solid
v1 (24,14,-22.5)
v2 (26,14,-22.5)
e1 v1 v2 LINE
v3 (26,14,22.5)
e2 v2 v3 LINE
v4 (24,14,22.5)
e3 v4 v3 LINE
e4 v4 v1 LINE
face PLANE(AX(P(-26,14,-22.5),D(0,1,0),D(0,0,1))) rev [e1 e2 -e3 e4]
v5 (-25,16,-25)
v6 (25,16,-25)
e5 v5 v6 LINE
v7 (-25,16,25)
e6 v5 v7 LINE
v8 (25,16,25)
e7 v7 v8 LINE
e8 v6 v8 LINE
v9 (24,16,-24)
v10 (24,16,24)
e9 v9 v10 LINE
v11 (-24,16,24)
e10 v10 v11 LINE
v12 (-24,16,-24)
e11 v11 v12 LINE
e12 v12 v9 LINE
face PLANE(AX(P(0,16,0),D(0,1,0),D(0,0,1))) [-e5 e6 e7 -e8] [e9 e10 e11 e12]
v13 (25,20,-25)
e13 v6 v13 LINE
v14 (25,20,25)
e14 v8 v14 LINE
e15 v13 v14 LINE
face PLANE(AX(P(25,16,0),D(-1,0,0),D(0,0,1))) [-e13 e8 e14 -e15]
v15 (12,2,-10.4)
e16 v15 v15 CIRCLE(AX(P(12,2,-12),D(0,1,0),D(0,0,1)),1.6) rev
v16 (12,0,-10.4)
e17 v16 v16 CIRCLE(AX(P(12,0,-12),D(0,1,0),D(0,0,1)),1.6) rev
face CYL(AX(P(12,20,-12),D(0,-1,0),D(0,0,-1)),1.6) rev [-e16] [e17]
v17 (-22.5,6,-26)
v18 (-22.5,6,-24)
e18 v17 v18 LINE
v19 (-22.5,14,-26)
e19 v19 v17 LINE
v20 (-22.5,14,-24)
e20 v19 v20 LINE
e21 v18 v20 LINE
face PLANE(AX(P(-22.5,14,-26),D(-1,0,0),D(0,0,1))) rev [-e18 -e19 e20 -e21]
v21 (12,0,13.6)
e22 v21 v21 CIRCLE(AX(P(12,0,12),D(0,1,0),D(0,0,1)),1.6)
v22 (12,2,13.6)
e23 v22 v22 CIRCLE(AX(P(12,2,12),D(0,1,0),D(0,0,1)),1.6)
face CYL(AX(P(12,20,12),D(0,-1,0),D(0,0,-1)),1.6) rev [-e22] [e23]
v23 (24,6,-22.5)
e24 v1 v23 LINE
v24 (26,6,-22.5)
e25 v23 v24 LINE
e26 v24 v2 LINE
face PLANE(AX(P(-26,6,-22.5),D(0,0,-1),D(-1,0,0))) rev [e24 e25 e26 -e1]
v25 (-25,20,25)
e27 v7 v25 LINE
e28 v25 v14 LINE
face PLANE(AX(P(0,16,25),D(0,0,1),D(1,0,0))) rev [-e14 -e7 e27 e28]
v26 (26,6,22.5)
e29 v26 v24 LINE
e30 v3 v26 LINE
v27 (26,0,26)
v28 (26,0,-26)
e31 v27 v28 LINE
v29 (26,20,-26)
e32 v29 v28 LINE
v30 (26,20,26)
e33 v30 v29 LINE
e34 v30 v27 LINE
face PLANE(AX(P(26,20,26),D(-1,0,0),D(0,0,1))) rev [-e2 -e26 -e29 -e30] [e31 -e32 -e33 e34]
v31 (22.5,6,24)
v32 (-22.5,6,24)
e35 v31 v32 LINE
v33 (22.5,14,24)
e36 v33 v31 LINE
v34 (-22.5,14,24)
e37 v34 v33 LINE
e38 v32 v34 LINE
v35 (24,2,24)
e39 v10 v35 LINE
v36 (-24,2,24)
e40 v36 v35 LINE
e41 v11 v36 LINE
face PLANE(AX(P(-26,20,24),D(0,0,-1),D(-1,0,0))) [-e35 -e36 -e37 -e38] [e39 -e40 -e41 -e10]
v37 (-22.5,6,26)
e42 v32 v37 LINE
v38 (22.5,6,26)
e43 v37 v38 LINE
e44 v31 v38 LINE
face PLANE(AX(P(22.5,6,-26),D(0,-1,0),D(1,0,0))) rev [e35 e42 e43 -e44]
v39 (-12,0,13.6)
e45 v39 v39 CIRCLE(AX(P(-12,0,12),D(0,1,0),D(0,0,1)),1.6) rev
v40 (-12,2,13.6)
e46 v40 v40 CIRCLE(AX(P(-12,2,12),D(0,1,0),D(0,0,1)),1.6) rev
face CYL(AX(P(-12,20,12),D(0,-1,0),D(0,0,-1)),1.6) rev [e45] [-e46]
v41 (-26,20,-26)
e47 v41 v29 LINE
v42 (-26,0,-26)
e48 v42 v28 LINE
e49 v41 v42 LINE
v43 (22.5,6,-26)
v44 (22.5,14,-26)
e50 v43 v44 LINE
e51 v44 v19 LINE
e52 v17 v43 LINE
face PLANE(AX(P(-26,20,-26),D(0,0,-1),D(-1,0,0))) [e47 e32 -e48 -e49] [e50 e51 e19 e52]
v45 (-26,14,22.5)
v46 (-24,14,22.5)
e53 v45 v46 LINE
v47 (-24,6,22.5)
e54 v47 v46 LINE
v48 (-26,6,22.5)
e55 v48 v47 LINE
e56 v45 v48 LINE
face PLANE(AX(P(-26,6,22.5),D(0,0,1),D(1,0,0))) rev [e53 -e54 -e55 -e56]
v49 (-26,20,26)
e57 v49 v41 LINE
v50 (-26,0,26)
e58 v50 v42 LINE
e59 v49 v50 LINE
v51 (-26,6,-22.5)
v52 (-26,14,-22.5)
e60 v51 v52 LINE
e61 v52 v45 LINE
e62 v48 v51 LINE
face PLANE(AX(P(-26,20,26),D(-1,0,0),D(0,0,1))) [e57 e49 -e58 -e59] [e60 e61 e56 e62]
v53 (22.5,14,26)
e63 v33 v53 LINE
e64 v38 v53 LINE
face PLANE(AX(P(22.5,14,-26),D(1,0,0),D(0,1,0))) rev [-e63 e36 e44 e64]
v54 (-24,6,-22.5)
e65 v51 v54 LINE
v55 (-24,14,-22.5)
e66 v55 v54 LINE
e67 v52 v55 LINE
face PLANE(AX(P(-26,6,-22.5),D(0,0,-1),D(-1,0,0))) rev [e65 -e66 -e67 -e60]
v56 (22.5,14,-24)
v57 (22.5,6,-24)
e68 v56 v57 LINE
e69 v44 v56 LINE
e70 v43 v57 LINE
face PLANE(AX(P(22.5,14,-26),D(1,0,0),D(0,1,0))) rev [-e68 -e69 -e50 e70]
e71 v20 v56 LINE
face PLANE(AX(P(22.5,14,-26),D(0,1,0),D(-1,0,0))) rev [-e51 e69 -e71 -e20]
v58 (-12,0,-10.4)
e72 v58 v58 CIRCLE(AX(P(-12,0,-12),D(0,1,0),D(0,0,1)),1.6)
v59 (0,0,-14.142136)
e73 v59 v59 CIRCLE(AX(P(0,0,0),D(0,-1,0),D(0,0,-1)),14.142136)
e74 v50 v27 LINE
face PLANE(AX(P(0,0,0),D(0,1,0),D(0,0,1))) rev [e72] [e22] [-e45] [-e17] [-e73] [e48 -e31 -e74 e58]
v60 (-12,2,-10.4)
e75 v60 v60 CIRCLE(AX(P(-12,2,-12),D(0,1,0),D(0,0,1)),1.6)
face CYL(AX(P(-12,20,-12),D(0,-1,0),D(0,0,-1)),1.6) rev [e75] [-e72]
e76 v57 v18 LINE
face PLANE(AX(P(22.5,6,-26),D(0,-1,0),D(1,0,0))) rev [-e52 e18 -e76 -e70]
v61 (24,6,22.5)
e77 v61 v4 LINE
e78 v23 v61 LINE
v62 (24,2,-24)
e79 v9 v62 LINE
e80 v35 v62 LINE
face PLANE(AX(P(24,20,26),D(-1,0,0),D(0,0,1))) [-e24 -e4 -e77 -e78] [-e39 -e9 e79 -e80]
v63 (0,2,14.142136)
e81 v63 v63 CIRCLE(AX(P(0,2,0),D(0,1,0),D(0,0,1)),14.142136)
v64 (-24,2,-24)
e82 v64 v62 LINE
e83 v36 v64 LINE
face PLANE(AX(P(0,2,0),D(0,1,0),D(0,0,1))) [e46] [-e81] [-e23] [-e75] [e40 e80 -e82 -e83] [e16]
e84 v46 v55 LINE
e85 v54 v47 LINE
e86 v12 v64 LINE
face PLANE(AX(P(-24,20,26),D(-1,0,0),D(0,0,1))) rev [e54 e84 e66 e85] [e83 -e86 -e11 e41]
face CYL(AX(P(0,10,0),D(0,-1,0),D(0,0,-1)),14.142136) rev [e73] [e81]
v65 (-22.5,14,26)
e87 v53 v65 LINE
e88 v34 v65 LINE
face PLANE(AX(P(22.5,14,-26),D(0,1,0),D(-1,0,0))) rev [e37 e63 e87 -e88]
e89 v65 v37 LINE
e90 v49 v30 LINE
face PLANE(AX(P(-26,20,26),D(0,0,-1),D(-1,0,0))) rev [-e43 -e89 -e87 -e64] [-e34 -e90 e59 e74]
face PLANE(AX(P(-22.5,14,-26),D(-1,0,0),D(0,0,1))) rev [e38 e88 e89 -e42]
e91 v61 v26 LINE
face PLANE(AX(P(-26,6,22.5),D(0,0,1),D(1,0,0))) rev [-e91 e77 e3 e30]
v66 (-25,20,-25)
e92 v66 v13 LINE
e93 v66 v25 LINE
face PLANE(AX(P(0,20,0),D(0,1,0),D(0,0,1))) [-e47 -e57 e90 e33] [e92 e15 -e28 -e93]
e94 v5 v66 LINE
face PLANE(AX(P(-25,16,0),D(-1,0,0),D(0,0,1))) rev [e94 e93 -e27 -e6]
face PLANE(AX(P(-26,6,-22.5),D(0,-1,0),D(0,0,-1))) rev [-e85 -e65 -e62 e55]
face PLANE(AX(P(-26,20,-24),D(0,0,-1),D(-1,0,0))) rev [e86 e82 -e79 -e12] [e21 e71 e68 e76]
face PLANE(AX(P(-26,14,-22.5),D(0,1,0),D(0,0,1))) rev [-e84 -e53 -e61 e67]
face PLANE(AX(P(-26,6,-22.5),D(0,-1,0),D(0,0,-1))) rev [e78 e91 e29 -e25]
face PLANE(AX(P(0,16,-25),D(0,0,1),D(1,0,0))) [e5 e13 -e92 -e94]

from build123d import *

# Parameters (mm, degrees)
SKETCH_1_W               = 52
SKETCH_1_H               = 52
SKETCH_1_R               = 1.6
SKETCH_1_W_2             = 20
SKETCH_1_H_2             = 20
EXTRUDE_5_DEPTH          = 20
SHELL_6_T                = -2
SKETCH_4_W               = 50
SKETCH_4_H               = 50
SKETCH_4_W_2             = 48
SKETCH_4_H_2             = 48
CUT_EXTRUDE_4_DEPTH      = 4
CUT_EXTRUDE_5_DEPTH      = 60.799665551
CUT_EXTRUDE_5_DEPTH_BACK = 60.799665551
SKETCH_5_W               = 45
SKETCH_5_H               = 8
CUT_EXTRUDE_6_DEPTH      = 60.799665551
CUT_EXTRUDE_6_DEPTH_BACK = 60.799665551
SKETCH_6_W               = 45
SKETCH_6_H               = 8
SKETCH_7_R               = 14.142135624
CUT_EXTRUDE_7_DEPTH      = 10


with BuildPart() as part:
    # 草图1 → 凸台-拉伸5 (new body)
    with BuildSketch(Plane(origin=(0, 0, 0), x_dir=(1, 0, 0), z_dir=(0, 1, 0))):
        Rectangle(SKETCH_1_W, SKETCH_1_H)
        with Locations(Location((-12, 12, 0), (0, 0, 270))):
            Circle(SKETCH_1_R, mode=Mode.SUBTRACT)
        with Locations(Location((12, 12, 0), (0, 0, 270))):
            Circle(SKETCH_1_R, mode=Mode.SUBTRACT)
        with Locations(Location((12, -12, 0), (0, 0, 270))):
            Circle(SKETCH_1_R, mode=Mode.SUBTRACT)
        with Locations(Location((-12, -12, 0), (0, 0, 270))):
            Circle(SKETCH_1_R, mode=Mode.SUBTRACT)
        Rectangle(SKETCH_1_W_2, SKETCH_1_H_2, mode=Mode.SUBTRACT)
    extrude(amount=EXTRUDE_5_DEPTH)

    # 抽壳6
    shell_6_openings = [part.faces().sort_by_distance(p)[0] for p in [
        (-12, 10, 10.4),
        (-10, 10, 0),
        (0, 10, 10),
        (10, 10, 0),
        (0, 10, -10),
        (12, 10, -13.6),
        (-12, 10, -13.6),
        (0, 20, -25.264608948),
        (12, 10, 10.4),
    ]]
    offset(amount=SHELL_6_T, openings=shell_6_openings, kind=Kind.INTERSECTION)

    # 草图4 → 切除-拉伸4 (cut)
    with BuildSketch(Plane(origin=(0, 20, 0), x_dir=(1, 0, 0), z_dir=(0, 1, 0))):
        Rectangle(SKETCH_4_W, SKETCH_4_H)
        Rectangle(SKETCH_4_W_2, SKETCH_4_H_2, mode=Mode.SUBTRACT)
    extrude(amount=-CUT_EXTRUDE_4_DEPTH, mode=Mode.SUBTRACT)

    # 草图5 → 切除-拉伸5 (cut, two sides: drawn at the far end of the back side and taken through both)
    with BuildSketch(Plane.XY.offset(-24).offset(-CUT_EXTRUDE_5_DEPTH_BACK)):
        with Locations((0, 10)):
            Rectangle(SKETCH_5_W, SKETCH_5_H)
    extrude(amount=CUT_EXTRUDE_5_DEPTH + CUT_EXTRUDE_5_DEPTH_BACK, mode=Mode.SUBTRACT)

    # 草图6 → 切除-拉伸6 (cut, two sides: drawn at the far end of the back side and taken through both)
    with BuildSketch(Plane(origin=(-24, 0, 0), x_dir=(0, 0, -1), z_dir=(1, 0, 0)).offset(-CUT_EXTRUDE_6_DEPTH_BACK)):
        with Locations((0, 10)):
            Rectangle(SKETCH_6_W, SKETCH_6_H)
    extrude(amount=CUT_EXTRUDE_6_DEPTH + CUT_EXTRUDE_6_DEPTH_BACK, mode=Mode.SUBTRACT)

    # 草图7 → 切除-拉伸7 (cut)
    with BuildSketch(Plane.XZ):
        with Locations(Location((0, 0, 0), (0, 0, 270))):
            Circle(SKETCH_7_R)
    extrude(amount=-CUT_EXTRUDE_7_DEPTH, mode=Mode.SUBTRACT)


solid = part.part
